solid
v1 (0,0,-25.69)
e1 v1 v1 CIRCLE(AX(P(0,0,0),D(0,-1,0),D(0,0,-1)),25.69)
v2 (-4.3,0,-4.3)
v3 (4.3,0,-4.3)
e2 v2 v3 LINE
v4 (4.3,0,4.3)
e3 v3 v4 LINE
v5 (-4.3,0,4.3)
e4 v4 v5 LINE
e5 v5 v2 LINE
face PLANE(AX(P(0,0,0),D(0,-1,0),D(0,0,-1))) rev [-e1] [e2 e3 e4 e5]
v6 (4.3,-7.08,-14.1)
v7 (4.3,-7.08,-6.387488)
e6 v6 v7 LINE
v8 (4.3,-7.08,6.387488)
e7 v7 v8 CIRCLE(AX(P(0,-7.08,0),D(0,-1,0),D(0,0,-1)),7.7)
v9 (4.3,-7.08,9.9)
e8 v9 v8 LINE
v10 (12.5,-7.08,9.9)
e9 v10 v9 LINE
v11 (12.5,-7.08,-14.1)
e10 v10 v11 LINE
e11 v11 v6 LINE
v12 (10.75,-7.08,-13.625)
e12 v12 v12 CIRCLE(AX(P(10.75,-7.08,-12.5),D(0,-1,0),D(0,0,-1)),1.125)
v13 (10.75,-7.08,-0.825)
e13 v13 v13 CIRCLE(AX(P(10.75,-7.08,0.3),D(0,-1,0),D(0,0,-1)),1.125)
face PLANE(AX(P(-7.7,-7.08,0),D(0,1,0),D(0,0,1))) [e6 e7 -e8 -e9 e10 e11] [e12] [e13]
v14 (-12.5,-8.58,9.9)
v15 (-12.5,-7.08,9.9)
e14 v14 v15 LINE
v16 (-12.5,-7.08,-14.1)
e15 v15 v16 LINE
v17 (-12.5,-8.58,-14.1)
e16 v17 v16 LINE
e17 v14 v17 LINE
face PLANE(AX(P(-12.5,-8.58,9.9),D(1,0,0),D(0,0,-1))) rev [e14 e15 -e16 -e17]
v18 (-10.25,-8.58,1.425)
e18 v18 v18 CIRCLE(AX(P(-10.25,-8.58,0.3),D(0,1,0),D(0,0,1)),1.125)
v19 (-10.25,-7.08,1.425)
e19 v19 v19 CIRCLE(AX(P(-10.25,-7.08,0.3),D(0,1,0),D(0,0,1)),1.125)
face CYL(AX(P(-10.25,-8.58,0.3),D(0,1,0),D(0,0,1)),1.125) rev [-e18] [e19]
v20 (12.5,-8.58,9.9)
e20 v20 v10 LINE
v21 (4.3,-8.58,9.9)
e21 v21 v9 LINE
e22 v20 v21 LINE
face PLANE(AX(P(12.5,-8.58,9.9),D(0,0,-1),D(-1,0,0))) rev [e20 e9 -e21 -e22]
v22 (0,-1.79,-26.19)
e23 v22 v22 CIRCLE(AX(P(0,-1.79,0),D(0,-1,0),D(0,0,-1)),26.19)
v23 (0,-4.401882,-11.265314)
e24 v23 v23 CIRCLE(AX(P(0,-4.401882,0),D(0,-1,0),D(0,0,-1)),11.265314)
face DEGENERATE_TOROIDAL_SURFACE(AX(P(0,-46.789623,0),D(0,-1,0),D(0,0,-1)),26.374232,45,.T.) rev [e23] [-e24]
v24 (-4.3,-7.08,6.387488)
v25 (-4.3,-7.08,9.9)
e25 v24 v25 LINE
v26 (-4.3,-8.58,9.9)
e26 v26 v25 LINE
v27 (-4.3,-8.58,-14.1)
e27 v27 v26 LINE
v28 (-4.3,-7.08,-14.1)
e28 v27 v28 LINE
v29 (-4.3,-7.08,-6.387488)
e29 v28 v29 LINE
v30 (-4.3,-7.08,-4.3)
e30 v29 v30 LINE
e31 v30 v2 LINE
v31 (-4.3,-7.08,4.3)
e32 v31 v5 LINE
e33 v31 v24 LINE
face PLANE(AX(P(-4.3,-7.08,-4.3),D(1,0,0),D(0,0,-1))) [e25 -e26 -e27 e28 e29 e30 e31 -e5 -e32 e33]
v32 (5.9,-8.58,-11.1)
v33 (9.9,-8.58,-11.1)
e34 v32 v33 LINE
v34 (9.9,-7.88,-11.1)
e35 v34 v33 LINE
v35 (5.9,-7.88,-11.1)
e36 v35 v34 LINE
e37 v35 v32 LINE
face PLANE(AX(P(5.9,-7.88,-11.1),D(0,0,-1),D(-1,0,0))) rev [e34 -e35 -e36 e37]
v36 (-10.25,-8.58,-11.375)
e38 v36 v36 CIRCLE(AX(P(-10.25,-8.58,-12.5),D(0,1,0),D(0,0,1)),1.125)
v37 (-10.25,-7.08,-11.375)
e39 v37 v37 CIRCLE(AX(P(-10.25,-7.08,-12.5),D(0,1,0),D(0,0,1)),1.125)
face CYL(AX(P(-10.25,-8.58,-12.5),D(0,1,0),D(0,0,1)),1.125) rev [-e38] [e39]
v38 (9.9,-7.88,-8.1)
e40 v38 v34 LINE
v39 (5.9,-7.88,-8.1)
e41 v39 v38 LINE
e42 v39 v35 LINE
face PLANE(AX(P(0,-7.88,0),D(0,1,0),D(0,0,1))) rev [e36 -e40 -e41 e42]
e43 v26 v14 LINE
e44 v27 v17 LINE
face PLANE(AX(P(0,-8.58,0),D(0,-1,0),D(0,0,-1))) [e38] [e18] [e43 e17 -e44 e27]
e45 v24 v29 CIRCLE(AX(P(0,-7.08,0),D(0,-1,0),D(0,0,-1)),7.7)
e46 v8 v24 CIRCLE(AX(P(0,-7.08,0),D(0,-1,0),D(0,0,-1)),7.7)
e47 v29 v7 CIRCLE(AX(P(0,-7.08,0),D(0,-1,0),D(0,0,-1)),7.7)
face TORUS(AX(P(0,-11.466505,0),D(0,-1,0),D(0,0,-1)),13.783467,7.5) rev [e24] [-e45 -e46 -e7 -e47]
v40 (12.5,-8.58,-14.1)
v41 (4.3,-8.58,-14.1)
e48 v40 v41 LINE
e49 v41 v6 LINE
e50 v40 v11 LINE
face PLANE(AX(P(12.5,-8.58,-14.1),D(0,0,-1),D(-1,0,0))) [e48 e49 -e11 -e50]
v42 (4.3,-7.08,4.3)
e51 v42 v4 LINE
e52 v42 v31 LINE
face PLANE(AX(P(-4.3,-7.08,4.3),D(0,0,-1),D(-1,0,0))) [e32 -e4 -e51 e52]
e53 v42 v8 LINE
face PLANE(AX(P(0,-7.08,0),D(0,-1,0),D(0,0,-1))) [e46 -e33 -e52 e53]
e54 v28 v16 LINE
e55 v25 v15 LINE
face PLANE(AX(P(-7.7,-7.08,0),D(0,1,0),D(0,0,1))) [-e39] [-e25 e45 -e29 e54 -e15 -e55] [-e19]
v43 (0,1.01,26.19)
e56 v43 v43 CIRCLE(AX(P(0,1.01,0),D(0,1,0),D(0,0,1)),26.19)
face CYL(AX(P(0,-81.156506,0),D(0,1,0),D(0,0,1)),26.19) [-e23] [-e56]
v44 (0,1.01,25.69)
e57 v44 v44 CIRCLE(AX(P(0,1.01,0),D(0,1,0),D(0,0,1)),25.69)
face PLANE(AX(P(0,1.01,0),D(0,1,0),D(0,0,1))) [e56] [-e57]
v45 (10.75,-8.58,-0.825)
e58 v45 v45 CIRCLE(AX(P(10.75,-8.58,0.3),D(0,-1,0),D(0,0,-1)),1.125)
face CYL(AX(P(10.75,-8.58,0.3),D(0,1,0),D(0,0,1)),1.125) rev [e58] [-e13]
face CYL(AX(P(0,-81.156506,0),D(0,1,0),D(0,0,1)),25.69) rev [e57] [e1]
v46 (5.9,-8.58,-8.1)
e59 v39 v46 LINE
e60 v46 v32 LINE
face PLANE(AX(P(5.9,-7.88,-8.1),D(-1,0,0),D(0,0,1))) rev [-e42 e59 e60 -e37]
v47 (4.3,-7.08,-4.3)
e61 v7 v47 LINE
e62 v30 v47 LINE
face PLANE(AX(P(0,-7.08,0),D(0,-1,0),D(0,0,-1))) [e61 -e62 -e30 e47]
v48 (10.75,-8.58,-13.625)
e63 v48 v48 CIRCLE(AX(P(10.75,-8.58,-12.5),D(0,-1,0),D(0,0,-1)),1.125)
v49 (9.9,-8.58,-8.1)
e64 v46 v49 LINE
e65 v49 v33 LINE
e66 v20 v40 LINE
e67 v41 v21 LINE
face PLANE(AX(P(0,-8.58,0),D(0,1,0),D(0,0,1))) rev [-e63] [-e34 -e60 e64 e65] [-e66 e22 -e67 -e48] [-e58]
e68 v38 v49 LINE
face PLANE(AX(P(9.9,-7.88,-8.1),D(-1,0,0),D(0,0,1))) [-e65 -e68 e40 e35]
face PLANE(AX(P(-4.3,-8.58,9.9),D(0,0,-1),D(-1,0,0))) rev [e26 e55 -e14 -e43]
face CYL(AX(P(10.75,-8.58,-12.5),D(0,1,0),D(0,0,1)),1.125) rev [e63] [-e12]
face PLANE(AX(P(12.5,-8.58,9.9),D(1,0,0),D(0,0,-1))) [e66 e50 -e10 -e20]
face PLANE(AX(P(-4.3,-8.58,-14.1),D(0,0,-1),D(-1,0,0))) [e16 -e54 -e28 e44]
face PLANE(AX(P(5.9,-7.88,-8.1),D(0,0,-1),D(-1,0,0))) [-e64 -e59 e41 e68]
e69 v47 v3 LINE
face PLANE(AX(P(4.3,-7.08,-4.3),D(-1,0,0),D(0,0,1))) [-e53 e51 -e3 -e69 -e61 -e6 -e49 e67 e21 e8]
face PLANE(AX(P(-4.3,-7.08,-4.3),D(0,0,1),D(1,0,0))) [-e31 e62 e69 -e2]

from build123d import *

# Parameters (mm, degrees)
SKETCH7_R             = 25.69
SKETCH7_W             = 8.6
SKETCH7_H             = 8.6
LENS_SPACER_DEPTH     = 7.08
SKETCH5_W             = 8.2
SKETCH5_H             = 24
SKETCH5_R             = 1.125
ATTACHMENT_LEGS_DEPTH = 1.5
LENS_START            = -7.08
SKETCH8_R             = 26.19
SKETCH8_R_2           = 25.69
LENS_POSITIONER_DEPTH = 8.09
SKETCH11_W            = 4
SKETCH11_H            = 3
NODE_HOLE_DEPTH       = 0.7


with BuildPart() as part:
    # Sketch7 → Lens Spacer (new body)
    with BuildSketch(Plane.XZ):
        with Locations(Location((0, 0, 0), (0, 0, 270))):
            Circle(SKETCH7_R)
        Rectangle(SKETCH7_W, SKETCH7_H, mode=Mode.SUBTRACT)
    extrude(amount=LENS_SPACER_DEPTH)

    # Sketch5 → Attachment Legs (add)
    # profile 1 of 2: a face of its own
    with BuildSketch(Plane(origin=(0, -7.08, 0), x_dir=(-1, 0, 0), z_dir=(0, -1, 0))):
        with Locations((-8.4, 2.1)):
            Rectangle(SKETCH5_W, SKETCH5_H)
        with Locations(Location((-10.75, 12.5, 0), (0, 0, 90))):
            Circle(SKETCH5_R, mode=Mode.SUBTRACT)
        with Locations(Location((-10.75, -0.3, 0), (0, 0, 90))):
            Circle(SKETCH5_R, mode=Mode.SUBTRACT)
    # profile 2 of 2: a face of its own
    with BuildSketch(Plane(origin=(0, -7.08, 0), x_dir=(-1, 0, 0), z_dir=(0, -1, 0))):
        with Locations((8.4, 2.1)):
            Rectangle(SKETCH5_W, SKETCH5_H)
        with Locations(Location((10.25, -0.3, 0), (0, 0, 270))):
            Circle(SKETCH5_R, mode=Mode.SUBTRACT)
        with Locations(Location((10.25, 12.5, 0), (0, 0, 270))):
            Circle(SKETCH5_R, mode=Mode.SUBTRACT)
    extrude(amount=ATTACHMENT_LEGS_DEPTH)

    # Sketch8 → Lens Positioner (add)
    with BuildSketch(Plane(origin=(0, 0, 0), x_dir=(1, 0, 0), z_dir=(0, 1, 0)).offset(LENS_START)):
        with Locations(Location((0, 0, 0), (0, 0, 270))):
            Circle(SKETCH8_R)
        with Locations(Location((0, 0, 0), (0, 0, 270))):
            Circle(SKETCH8_R_2, mode=Mode.SUBTRACT)
    extrude(amount=LENS_POSITIONER_DEPTH)

    # Sketch11 → Node Hole (cut)
    with BuildSketch(Plane.XZ.offset(8.58)):
        with Locations((7.9, -9.6)):
            Rectangle(SKETCH11_W, SKETCH11_H)
    extrude(amount=-NODE_HOLE_DEPTH, mode=Mode.SUBTRACT)

    # Sketch13 → Cut-Revolve1 (revolve, cut)
    with BuildSketch(Plane.XY, mode=Mode.PRIVATE) as cut_revolve1_sk:
        with BuildLine():
            Line((-7.7, -7.08), (-26.19, -7.08))
            Line((-26.19, -7.08), (-26.19, -1.79))
            ThreePointArc((-26.19, -1.79), (-18.616939408, -2.463282886), (-11.265314293, -4.401881538))
            ThreePointArc((-11.265314293, -4.401881538), (-9.27901976, -5.469843244), (-7.7, -7.08))
        make_face()
    revolve(cut_revolve1_sk.sketch.rotate(Axis((0, -81.156506397, 0), (0, 1, 0)), 270), axis=Axis((0, -81.156506397, 0), (0, 1, 0)), mode=Mode.SUBTRACT)


solid = part.part
